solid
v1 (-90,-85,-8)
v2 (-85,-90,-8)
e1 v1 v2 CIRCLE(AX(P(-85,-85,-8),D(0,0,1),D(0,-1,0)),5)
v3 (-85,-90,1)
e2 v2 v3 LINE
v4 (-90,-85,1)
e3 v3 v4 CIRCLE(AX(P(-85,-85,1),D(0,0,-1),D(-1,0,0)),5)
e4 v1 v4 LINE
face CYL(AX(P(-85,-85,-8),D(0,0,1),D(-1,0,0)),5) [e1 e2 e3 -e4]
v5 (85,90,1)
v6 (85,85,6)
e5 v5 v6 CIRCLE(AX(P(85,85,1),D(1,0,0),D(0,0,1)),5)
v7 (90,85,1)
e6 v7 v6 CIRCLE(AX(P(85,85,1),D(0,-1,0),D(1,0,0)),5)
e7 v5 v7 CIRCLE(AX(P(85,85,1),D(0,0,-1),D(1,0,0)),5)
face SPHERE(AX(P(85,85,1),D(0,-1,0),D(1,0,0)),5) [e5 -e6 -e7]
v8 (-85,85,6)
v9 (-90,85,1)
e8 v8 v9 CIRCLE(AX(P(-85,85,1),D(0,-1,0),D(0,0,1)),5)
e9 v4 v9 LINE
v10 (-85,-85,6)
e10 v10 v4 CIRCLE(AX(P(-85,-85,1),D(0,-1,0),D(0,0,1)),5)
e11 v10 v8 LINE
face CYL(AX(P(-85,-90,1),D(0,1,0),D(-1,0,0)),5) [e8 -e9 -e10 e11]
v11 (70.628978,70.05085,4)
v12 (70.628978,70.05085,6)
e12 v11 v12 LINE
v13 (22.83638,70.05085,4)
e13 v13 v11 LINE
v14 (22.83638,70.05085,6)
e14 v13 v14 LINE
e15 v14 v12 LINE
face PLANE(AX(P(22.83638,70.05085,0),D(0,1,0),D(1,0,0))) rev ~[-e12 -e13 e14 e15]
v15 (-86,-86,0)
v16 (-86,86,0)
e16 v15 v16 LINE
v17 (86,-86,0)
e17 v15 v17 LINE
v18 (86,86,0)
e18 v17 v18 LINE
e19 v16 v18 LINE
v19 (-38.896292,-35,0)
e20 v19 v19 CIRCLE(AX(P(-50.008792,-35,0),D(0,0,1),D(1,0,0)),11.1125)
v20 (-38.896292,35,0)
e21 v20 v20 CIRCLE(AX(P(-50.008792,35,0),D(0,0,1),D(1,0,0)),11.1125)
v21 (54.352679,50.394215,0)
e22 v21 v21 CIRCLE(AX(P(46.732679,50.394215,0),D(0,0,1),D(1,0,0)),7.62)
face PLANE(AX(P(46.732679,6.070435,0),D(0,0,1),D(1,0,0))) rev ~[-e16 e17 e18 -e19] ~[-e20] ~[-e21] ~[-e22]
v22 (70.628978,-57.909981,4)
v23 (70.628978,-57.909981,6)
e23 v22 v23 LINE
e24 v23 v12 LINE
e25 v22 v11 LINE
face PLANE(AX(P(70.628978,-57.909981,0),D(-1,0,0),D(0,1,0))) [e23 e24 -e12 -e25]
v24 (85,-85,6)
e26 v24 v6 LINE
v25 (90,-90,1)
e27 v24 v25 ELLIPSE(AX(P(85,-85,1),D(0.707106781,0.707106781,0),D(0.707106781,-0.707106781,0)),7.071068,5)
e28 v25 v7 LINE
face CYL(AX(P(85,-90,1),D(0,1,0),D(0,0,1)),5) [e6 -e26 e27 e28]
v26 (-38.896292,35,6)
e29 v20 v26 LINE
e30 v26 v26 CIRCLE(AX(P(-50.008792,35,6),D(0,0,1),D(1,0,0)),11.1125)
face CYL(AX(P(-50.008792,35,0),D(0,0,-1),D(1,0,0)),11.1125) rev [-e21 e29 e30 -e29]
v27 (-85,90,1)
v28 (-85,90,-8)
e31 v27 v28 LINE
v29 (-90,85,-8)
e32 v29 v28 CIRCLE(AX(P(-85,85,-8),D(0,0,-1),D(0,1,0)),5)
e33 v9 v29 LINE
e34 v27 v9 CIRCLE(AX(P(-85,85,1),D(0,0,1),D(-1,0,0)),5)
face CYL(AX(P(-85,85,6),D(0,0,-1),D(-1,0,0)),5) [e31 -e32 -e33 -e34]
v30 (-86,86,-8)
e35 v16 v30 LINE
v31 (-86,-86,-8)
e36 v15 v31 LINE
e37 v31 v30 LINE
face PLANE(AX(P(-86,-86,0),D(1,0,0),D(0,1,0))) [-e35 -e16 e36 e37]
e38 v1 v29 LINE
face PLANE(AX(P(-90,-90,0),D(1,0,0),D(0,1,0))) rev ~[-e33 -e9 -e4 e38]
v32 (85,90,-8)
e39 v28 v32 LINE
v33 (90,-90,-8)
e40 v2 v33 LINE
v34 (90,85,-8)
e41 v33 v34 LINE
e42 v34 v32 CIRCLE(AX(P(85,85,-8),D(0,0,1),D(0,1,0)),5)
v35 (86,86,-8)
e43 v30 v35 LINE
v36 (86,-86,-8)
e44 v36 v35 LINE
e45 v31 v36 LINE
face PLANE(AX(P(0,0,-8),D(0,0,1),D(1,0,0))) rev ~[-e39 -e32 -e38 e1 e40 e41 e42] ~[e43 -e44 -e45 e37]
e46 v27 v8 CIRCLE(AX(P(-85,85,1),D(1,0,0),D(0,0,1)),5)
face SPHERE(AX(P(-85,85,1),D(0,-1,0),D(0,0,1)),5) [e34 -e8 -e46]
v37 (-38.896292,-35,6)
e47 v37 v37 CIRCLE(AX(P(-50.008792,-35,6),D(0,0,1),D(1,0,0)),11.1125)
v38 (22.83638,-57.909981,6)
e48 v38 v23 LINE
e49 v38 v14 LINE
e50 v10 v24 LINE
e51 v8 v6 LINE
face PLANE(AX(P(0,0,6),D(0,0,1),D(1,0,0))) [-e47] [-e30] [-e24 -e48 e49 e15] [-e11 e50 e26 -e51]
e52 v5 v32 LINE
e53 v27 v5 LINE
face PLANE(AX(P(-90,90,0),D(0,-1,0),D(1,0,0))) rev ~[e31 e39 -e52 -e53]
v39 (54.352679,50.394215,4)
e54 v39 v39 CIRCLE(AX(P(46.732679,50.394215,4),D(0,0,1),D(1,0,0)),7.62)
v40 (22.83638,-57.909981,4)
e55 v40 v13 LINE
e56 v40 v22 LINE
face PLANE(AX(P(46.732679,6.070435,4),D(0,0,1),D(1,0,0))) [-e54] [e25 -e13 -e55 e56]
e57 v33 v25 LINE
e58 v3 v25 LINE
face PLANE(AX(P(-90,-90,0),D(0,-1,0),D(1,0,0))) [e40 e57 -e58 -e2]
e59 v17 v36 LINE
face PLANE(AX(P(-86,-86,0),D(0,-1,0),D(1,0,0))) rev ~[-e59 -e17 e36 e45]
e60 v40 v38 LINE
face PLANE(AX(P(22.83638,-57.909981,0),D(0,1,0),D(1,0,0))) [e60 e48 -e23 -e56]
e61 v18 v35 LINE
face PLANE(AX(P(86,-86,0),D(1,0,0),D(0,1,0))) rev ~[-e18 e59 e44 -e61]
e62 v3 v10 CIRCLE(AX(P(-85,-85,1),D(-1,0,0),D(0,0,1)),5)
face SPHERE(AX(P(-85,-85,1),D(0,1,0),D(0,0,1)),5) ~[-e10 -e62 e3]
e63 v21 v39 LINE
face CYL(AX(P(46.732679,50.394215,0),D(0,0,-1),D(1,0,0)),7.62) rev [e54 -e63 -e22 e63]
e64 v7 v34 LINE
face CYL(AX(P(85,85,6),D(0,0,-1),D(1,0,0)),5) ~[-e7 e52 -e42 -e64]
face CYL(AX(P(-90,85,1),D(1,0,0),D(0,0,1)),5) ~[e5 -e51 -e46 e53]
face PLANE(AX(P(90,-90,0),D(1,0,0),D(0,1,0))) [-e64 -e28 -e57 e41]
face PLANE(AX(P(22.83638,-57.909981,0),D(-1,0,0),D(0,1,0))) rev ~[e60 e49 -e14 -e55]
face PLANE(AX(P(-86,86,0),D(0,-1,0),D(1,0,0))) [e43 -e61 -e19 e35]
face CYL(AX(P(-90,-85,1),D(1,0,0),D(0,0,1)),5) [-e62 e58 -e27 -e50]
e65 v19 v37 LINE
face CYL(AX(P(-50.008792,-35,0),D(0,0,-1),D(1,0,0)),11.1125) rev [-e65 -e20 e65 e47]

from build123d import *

# Parameters (mm, degrees)
F0_W     = 180
F0_H     = 180
F0_R     = 11.1125
F0_W_2   = 47.792598
F0_H_2   = 127.960831
F1_DEPTH = 6
F0_R_2   = 7.62
F2_DEPTH = 4
F3_W     = 180
F3_H     = 180
F3_W_2   = 172
F3_H_2   = 172
F4_DEPTH = 8
F5_R     = 5


with BuildPart() as f1:
    # F0 (on Top) → F1 (new body)
    with BuildSketch(Plane.XY):
        Rectangle(F0_W, F0_H)
        with Locations((-50.008792, -35)):
            Circle(F0_R, mode=Mode.SUBTRACT)
        with Locations((-50.008792, 35)):
            Circle(F0_R, mode=Mode.SUBTRACT)
        with Locations((46.732679, 6.070435)):
            Rectangle(F0_W_2, F0_H_2, mode=Mode.SUBTRACT)
    extrude(amount=F1_DEPTH)

    # F0 (on Top) → F2 (join)
    with BuildSketch(Plane.XY):
        with Locations((46.732679, 6.070435)):
            Rectangle(F0_W_2, F0_H_2)
        with Locations((46.732679, 50.394215)):
            Circle(F0_R_2, mode=Mode.SUBTRACT)
    extrude(amount=F2_DEPTH)

    # F3 (on Top) → F4 (join)
    with BuildSketch(Plane.XY):
        Rectangle(F3_W, F3_H)
        Rectangle(F3_W_2, F3_H_2, mode=Mode.SUBTRACT)
    extrude(amount=-F4_DEPTH)

    # F5
    f5_edges = [f1.edges().sort_by_distance(p)[0] for p in [
        (-90, 0, 6),
        (0, -90, 6),
        (90, 0, 6),
        (90, 90, -1),
        (0, 90, 6),
        (-90, 90, -1),
        (-90, -90, -1),
    ]]
    fillet(f5_edges, radius=F5_R)


solid = f1.part
